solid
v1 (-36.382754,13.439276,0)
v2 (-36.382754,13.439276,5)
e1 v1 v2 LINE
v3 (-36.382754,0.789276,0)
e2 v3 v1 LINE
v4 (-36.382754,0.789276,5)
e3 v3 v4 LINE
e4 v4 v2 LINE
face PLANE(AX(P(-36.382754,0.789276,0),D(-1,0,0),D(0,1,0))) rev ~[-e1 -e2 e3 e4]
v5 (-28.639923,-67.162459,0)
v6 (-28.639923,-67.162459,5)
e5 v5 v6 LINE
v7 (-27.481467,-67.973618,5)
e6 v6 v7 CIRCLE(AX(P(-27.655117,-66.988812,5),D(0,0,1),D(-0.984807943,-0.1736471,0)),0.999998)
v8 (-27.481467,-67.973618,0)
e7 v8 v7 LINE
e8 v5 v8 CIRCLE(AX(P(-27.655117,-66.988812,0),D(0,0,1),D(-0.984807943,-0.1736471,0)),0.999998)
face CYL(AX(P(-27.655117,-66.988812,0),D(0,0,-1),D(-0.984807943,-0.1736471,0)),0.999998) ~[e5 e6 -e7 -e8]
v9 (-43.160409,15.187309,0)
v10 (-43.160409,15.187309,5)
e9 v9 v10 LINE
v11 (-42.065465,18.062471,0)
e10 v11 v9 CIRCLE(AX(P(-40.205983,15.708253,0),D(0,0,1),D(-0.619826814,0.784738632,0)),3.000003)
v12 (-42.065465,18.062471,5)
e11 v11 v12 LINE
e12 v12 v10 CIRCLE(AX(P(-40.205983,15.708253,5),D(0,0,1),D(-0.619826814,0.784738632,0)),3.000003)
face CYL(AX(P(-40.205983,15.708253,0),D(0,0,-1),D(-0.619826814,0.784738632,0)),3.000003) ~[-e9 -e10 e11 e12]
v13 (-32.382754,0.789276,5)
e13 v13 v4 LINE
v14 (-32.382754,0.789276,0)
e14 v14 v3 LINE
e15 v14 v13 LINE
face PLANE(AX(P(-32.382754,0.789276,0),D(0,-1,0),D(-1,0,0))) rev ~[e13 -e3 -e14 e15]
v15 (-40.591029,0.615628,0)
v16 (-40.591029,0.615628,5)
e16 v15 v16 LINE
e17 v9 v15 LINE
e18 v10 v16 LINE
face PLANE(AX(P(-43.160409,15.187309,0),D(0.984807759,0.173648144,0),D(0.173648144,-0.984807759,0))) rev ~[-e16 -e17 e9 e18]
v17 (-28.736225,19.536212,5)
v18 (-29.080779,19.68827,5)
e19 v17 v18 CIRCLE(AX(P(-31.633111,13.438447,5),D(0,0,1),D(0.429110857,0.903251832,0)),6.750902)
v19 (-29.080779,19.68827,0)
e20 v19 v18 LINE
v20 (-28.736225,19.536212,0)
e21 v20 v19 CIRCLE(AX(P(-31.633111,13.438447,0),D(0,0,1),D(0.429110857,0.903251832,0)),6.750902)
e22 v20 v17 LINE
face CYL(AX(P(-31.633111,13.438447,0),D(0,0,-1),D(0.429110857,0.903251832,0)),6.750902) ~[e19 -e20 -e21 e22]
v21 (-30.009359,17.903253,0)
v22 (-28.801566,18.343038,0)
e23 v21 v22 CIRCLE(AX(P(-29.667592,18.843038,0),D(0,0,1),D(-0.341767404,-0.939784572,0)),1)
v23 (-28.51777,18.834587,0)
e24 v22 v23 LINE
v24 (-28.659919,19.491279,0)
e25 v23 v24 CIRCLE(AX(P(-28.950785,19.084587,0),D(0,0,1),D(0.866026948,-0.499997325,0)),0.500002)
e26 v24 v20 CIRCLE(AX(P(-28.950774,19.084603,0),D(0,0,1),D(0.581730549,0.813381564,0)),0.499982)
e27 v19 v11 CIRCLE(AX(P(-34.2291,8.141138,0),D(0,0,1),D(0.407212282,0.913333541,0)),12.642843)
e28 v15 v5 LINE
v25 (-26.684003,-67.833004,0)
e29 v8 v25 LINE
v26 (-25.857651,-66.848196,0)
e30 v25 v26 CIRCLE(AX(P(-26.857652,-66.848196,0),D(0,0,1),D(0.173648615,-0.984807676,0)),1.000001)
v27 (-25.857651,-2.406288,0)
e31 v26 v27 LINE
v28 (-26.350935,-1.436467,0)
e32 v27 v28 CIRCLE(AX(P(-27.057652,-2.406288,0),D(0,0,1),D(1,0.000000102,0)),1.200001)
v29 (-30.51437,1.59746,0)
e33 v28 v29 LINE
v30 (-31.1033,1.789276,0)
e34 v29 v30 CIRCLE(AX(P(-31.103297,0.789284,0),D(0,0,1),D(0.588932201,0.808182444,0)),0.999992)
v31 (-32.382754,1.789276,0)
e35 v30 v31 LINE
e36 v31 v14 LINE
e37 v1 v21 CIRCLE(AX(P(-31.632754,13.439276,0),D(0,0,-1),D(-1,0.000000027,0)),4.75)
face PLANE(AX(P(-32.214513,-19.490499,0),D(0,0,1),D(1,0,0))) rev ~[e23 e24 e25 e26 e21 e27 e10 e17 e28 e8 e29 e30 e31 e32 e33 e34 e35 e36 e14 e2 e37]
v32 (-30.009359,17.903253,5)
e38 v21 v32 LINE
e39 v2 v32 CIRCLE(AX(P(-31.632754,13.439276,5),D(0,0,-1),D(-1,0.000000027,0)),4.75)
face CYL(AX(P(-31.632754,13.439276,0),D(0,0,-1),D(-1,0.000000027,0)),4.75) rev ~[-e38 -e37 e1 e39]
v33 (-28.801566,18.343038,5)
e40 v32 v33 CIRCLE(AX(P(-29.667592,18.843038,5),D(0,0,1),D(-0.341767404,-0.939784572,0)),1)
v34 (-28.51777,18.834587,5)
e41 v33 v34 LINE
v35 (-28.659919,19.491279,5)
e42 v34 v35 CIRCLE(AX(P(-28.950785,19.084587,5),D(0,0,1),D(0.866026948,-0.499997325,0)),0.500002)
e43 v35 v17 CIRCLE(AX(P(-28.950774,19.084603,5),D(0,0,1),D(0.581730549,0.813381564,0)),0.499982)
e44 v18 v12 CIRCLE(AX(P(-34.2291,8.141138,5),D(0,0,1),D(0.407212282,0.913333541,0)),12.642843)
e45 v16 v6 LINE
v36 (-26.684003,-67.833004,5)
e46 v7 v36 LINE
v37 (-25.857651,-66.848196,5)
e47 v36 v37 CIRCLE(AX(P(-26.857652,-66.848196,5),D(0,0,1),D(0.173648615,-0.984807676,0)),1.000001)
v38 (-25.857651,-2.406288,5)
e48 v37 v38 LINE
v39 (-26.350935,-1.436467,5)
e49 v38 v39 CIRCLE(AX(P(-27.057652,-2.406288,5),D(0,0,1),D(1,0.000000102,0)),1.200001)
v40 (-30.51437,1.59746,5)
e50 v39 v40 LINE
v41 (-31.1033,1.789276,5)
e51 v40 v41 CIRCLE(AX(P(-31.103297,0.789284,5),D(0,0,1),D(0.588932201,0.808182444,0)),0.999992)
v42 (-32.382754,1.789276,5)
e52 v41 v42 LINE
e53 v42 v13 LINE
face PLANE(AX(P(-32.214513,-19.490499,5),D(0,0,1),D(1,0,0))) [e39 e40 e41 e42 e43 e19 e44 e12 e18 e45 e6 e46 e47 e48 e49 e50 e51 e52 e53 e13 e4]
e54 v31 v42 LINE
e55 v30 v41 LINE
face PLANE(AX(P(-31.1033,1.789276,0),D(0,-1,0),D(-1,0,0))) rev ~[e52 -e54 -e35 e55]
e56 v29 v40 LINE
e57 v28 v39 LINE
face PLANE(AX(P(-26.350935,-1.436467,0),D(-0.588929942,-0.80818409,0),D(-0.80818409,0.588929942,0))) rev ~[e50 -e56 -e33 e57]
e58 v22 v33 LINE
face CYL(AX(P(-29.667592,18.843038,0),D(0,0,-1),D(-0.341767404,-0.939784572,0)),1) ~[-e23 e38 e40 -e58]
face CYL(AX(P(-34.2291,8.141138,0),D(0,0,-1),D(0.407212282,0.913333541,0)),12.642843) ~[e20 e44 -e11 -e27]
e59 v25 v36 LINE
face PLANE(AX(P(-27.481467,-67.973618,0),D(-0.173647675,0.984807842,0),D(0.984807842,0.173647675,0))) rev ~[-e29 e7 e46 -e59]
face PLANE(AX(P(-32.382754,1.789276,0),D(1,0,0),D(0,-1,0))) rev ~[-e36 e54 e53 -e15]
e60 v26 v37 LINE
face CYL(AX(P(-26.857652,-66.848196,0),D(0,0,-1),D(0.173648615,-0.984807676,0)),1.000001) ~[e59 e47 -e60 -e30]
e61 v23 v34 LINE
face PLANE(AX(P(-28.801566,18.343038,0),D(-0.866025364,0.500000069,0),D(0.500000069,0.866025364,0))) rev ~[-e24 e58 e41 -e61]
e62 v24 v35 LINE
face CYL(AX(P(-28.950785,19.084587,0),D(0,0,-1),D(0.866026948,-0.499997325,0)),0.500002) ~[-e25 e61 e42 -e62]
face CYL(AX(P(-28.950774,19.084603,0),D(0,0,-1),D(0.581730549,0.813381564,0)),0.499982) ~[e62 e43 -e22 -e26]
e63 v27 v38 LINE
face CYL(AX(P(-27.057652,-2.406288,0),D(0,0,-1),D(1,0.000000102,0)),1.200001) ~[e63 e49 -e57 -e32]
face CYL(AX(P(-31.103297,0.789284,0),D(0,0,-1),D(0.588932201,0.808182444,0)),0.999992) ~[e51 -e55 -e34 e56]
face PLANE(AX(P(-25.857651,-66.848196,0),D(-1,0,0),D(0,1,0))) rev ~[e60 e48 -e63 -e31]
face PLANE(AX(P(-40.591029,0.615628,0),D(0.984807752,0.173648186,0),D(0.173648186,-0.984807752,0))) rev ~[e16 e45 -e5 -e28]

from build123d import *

# Parameters (mm, degrees)
F1_DEPTH = 5


with BuildPart() as f1:
    # F0 (on Top) → F1 (new body)
    with BuildSketch(Plane.XY):
        with BuildLine():
            ThreePointArc((-36.382754, 13.439276), (-34.357765, 17.329882), (-30.009359, 17.903253))
            ThreePointArc((-30.009359, 17.903253), (-29.325445, 17.903391), (-28.801566, 18.343038))
            Line((-28.801566, 18.343038), (-28.51777, 18.834587))
            ThreePointArc((-28.51777, 18.834587), (-28.462101, 19.190368), (-28.659919, 19.491279))
            ThreePointArc((-28.659919, 19.491279), (-28.869444, 19.591708), (-29.080779, 19.68827))
            ThreePointArc((-29.080779, 19.68827), (-35.799832, 20.686028), (-42.065465, 18.062471))
            ThreePointArc((-42.065465, 18.062471), (-43.009564, 16.775937), (-43.160409, 15.187309))
            Line((-43.160409, 15.187309), (-40.591029, 0.615628))
            Line((-40.591029, 0.615628), (-28.639923, -67.162459))
            ThreePointArc((-28.639923, -67.162459), (-28.228692, -67.807963), (-27.481467, -67.973618))
            Line((-27.481467, -67.973618), (-26.684003, -67.833004))
            ThreePointArc((-26.684003, -67.833004), (-26.091607, -67.490984), (-25.857651, -66.848196))
            Line((-25.857651, -66.848196), (-25.857651, -2.406288))
            ThreePointArc((-25.857651, -2.406288), (-25.988058, -1.862256), (-26.350935, -1.436467))
            Line((-26.350935, -1.436467), (-30.51437, 1.59746))
            ThreePointArc((-30.51437, 1.59746), (-30.79361, 1.740114), (-31.1033, 1.789276))
            Line((-31.1033, 1.789276), (-32.382754, 1.789276))
            Line((-32.382754, 1.789276), (-32.382754, 0.789276))
            Line((-32.382754, 0.789276), (-36.382754, 0.789276))
            Line((-36.382754, 0.789276), (-36.382754, 13.439276))
        make_face()
        with BuildLine():
            ThreePointArc((-29.080779, 19.68827), (-28.869444, 19.591708), (-28.659919, 19.491279))
            ThreePointArc((-28.659919, 19.491279), (-28.697075, 19.515438), (-28.736225, 19.536212))
            ThreePointArc((-28.736225, 19.536212), (-28.907441, 19.614644), (-29.080779, 19.68827))
        make_face()
    extrude(amount=F1_DEPTH)


solid = f1.part
